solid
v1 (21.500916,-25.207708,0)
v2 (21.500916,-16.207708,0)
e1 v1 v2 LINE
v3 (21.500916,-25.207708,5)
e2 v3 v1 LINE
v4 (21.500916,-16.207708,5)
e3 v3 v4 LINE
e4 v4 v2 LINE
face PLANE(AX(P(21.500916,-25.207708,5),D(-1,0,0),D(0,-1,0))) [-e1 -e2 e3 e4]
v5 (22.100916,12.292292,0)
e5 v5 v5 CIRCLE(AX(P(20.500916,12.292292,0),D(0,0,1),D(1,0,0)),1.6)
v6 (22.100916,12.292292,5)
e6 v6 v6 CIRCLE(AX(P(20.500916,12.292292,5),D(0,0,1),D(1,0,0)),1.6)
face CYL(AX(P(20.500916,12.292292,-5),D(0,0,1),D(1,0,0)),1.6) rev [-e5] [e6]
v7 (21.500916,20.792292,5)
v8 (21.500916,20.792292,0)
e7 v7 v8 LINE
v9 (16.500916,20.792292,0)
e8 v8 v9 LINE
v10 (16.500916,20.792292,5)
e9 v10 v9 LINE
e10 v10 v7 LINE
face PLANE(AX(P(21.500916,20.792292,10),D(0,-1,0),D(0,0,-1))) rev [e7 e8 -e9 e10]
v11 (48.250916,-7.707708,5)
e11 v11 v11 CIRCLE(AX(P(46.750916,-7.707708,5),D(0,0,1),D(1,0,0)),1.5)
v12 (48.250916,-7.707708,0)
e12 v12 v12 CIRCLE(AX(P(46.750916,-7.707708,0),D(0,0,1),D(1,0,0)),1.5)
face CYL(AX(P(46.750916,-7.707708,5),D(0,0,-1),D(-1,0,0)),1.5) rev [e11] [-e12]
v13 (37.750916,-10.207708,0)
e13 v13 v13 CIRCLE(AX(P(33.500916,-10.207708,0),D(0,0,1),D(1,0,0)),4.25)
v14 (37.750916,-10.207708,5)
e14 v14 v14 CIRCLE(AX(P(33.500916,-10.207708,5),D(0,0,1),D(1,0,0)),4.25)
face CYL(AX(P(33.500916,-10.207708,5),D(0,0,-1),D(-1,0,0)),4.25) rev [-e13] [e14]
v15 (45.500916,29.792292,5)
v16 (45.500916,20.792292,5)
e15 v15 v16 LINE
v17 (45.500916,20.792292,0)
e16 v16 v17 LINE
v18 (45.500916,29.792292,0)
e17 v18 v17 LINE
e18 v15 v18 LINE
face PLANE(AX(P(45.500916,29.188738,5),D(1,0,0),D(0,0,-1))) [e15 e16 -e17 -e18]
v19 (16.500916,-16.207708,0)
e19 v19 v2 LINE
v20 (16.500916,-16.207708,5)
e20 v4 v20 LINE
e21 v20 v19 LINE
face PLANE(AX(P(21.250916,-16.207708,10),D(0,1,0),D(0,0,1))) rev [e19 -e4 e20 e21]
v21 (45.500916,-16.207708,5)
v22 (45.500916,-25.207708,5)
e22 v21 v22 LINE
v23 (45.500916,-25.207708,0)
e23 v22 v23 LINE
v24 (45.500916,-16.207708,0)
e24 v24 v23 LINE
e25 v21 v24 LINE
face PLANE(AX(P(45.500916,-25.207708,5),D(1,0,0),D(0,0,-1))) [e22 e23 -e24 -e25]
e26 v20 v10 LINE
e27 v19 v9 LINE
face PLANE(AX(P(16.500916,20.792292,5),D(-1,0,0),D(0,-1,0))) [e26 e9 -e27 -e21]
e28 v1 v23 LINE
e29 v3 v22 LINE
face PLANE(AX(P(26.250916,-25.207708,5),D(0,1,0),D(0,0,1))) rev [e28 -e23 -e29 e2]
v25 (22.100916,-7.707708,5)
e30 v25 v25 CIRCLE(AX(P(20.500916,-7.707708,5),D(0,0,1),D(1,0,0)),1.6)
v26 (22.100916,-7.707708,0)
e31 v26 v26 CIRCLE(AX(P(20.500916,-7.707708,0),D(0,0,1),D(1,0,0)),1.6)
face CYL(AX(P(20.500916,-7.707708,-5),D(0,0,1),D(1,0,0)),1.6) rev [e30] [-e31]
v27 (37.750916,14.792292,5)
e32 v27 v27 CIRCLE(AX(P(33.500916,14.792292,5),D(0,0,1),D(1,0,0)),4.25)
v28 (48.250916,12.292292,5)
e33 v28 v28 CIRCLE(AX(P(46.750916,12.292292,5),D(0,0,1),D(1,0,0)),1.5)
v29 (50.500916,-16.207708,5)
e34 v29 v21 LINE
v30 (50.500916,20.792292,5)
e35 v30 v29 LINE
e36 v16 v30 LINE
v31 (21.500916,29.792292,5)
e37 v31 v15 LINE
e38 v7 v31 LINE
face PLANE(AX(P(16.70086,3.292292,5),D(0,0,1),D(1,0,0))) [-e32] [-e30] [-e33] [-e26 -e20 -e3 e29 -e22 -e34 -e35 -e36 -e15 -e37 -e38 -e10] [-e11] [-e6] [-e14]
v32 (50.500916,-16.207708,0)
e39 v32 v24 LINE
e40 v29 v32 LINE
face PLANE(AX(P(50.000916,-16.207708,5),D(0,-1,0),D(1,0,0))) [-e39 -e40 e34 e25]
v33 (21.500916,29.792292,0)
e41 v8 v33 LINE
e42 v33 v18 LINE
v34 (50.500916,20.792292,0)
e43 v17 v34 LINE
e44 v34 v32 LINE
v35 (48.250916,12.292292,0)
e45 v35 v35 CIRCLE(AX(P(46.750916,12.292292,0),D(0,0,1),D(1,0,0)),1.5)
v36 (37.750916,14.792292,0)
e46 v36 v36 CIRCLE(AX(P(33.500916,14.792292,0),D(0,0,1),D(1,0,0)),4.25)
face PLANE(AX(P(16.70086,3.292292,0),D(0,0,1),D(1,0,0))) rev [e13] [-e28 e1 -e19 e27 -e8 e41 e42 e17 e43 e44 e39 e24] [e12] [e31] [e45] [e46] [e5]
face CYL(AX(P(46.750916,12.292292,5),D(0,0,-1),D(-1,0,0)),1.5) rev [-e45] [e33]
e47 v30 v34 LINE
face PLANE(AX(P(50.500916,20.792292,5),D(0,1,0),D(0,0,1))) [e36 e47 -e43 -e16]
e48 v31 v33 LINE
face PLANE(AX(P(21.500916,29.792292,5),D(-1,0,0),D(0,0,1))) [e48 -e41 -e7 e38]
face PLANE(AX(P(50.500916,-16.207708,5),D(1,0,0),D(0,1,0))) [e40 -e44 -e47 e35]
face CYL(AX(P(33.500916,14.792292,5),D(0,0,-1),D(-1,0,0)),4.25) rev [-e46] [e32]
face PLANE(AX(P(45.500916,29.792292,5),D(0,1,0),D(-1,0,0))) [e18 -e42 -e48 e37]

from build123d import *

# Parameters (mm, degrees)
SKETCH1_R           = 1.5
SKETCH1_R_2         = 4.25
SKETCH1_R_3         = 5
SKETCH1_R_4         = 1
BOSS_EXTRUDE2_DEPTH = 5
SKETCH2_W           = 0.5
SKETCH2_H           = 37
BOSS_EXTRUDE3_DEPTH = 5
CUT_EXTRUDE1_DEPTH  = 10
BOSS_EXTRUDE4_DEPTH = 5
SKETCH5_R           = 1.6
CUT_EXTRUDE2_DEPTH  = 10
BOSS_EXTRUDE5_DEPTH = 5
SKETCH7_R           = 1
BOSS_EXTRUDE6_DEPTH = 5
SKETCH8_W           = 5
SKETCH8_H           = 37
CUT_EXTRUDE3_DEPTH  = 33


with BuildPart() as part:
    # Sketch1 → Boss-Extrude2 (new body)
    with BuildSketch(Plane.XY):
        with BuildLine():
            Line((45.25091594, -25.207708346), (50.00091594, -20.457708346))
            Line((50.00091594, -20.457708346), (50.00091594, 24.688738263))
            Line((50.00091594, 24.688738263), (45.147362549, 29.542291654))
            Line((45.147362549, 29.542291654), (26.35446933, 29.542291654))
            Line((26.35446933, 29.542291654), (21.25091594, 24.438738263))
            Line((21.25091594, 24.438738263), (21.25091594, 18.042291654))
            Line((21.25091594, 18.042291654), (20.408095363, 18.042291654))
            Line((20.408095363, 18.042291654), (16.70086026, 18.042291654))
            ThreePointArc((16.70086026, 18.042291654), (12.892426636, 17.542145454), (9.3422674, 16.075624987))
            ThreePointArc((9.3422674, 16.075624987), (2.182128173, 13.100539865), (-5.49908406, 12.043324729))
            Line((-5.49908406, 12.043324729), (-5.49908406, 12.039085999))
            ThreePointArc((-5.49908406, 12.039085999), (-15.49908406, 2.292291654), (-5.49908406, -7.454502691))
            Line((-5.49908406, -7.454502691), (-5.49908406, -7.458741422))
            ThreePointArc((-5.49908406, -7.458741422), (2.182128173, -8.515956557), (9.3422674, -11.491041679))
            ThreePointArc((9.3422674, -11.491041679), (12.892426636, -12.957562146), (16.70086026, -13.457708346))
            Line((16.70086026, -13.457708346), (20.408095363, -13.457708346))
            Line((20.408095363, -13.457708346), (21.25091594, -13.457708346))
            Line((21.25091594, -13.457708346), (21.25091594, -20.207708346))
            Line((21.25091594, -20.207708346), (26.25091594, -25.207708346))
            Line((26.25091594, -25.207708346), (45.25091594, -25.207708346))
        make_face()
        with Locations((46.75091594, -7.707708346)):
            Circle(SKETCH1_R, mode=Mode.SUBTRACT)
        with Locations((46.75091594, 12.292291654)):
            Circle(SKETCH1_R, mode=Mode.SUBTRACT)
        with Locations((33.50091594, 14.792291654)):
            Circle(SKETCH1_R_2, mode=Mode.SUBTRACT)
        with Locations((33.50091594, -10.207708346)):
            Circle(SKETCH1_R_2, mode=Mode.SUBTRACT)
        with Locations((19.25091594, 12.292291654)):
            Circle(SKETCH1_R, mode=Mode.SUBTRACT)
        with Locations((19.25091594, -7.707708346)):
            Circle(SKETCH1_R, mode=Mode.SUBTRACT)
        with Locations((-5.74908406, 2.292291654)):
            Circle(SKETCH1_R_3, mode=Mode.SUBTRACT)
        with Locations((1.25091594, 2.354746229)):
            Circle(SKETCH1_R_4, mode=Mode.SUBTRACT)
        with Locations((-5.686629485, -4.707708346)):
            Circle(SKETCH1_R_4, mode=Mode.SUBTRACT)
        with Locations((-12.74908406, 2.229837079)):
            Circle(SKETCH1_R_4, mode=Mode.SUBTRACT)
        with Locations((-5.811538636, 9.292291654)):
            Circle(SKETCH1_R_4, mode=Mode.SUBTRACT)
    extrude(amount=BOSS_EXTRUDE2_DEPTH)

    # Sketch2 → Boss-Extrude3 (add)
    with BuildSketch(Plane(origin=(0, 0, 0), x_dir=(-1, 0, 0), z_dir=(0, 0, -1))):
        Polygon((-26.25091594, -25.207708346), (-21.50091594, -25.207708346), (-21.50091594, -20.457708346), align=None)
        Polygon((-45.25091594, -25.207708346), (-45.50091594, -25.207708346), (-45.50091594, -24.957708346), align=None)
        Polygon((-45.50091594, 29.188738263), (-45.50091594, 29.792291654), (-21.50091594, 29.792291654), (-21.50091594, 24.688738263), (-26.35446933, 29.542291654), (-45.147362549, 29.542291654), align=None)
        with Locations((-50.25091594, 2.292291654)):
            Rectangle(SKETCH2_W, SKETCH2_H)
    extrude(amount=-BOSS_EXTRUDE3_DEPTH)

    # Sketch3 → Cut-Extrude1 (cut)
    with BuildSketch(Plane(origin=(0, 0, 0), x_dir=(-1, 0, 0), z_dir=(0, 0, -1))):
        Polygon((-50.00091594, -16.207708346), (-45.50091594, -16.207708346), (-45.50091594, -25.207708346), (-50.00091594, -20.457708346), align=None)
        Polygon((-50.50091594, 20.792291654), (-45.50091594, 20.792291654), (-45.50091594, 29.188738263), (-50.00091594, 24.688738263), align=None)
        Polygon((-21.50091594, -16.207708346), (-21.50091594, -20.457708346), (-21.25091594, -20.207708346), (-21.25091594, -16.207708346), align=None)
        Polygon((-21.50091594, 20.792291654), (-21.25091594, 20.792291654), (-21.25091594, 24.438738263), (-21.50091594, 24.688738263), align=None)
    extrude(amount=-CUT_EXTRUDE1_DEPTH, mode=Mode.SUBTRACT)

    # Sketch4 → Boss-Extrude4 (add)
    with BuildSketch(Plane(origin=(0, 0, 0), x_dir=(-1, 0, 0), z_dir=(0, 0, -1))):
        with BuildLine():
            Line((-21.25091594, 20.792291654), (-16.50091594, 20.792291654))
            Line((-16.50091594, 20.792291654), (-16.50091594, 18.040936414))
            ThreePointArc((-16.50091594, 18.040936414), (-16.600885803, 18.04195284), (-16.70086026, 18.042291654))
            Line((-16.70086026, 18.042291654), (-21.25091594, 18.042291654))
            Line((-21.25091594, 18.042291654), (-21.25091594, 20.792291654))
        make_face()
        with BuildLine():
            Line((-16.50091594, -13.456353106), (-16.50091594, -16.207708346))
            Line((-16.50091594, -16.207708346), (-21.25091594, -16.207708346))
            Line((-21.25091594, -16.207708346), (-21.25091594, -13.457708346))
            Line((-21.25091594, -13.457708346), (-16.70086026, -13.457708346))
            ThreePointArc((-16.70086026, -13.457708346), (-16.600885803, -13.457369532), (-16.50091594, -13.456353106))
        make_face()
    extrude(amount=-BOSS_EXTRUDE4_DEPTH)

    # Sketch5 → Cut-Extrude2 (cut)
    with BuildSketch(Plane.XY.offset(5)):
        with Locations((20.50091594, -7.707708346)):
            Circle(SKETCH5_R)
        with Locations((20.50091594, 12.292291654)):
            Circle(SKETCH5_R)
    extrude(amount=-CUT_EXTRUDE2_DEPTH, mode=Mode.SUBTRACT)

    # Sketch6 → Boss-Extrude5 (add)
    with BuildSketch(Plane.XY.offset(5)):
        with BuildLine():
            ThreePointArc((19.75191594, -6.293848735), (18.90091594, -7.707708346), (19.75191594, -9.121567957))
            ThreePointArc((19.75191594, -9.121567957), (17.75091594, -7.707708346), (19.75191594, -6.293848735))
        make_face()
        with BuildLine():
            ThreePointArc((19.75191594, 13.706151265), (18.90091594, 12.292291654), (19.75191594, 10.878432043))
            ThreePointArc((19.75191594, 10.878432043), (17.75091594, 12.292291654), (19.75191594, 13.706151265))
        make_face()
    extrude(amount=-BOSS_EXTRUDE5_DEPTH)

    # Sketch7 → Boss-Extrude6 (add)
    with BuildSketch(Plane(origin=(0, 0, 0), x_dir=(-1, 0, 0), z_dir=(0, 0, -1))):
        with Locations((-1.25091594, 2.354746229)):
            Circle(SKETCH7_R)
        with Locations((12.74908406, 2.229837079)):
            Circle(SKETCH7_R)
    extrude(amount=-BOSS_EXTRUDE6_DEPTH)

    # Sketch8 → Cut-Extrude3 (cut, through all)
    with BuildSketch(Plane.ZY.offset(-16.50091594)):
        with Locations((2.5, 2.292291654)):
            Rectangle(SKETCH8_W, SKETCH8_H)
    extrude(amount=CUT_EXTRUDE3_DEPTH, mode=Mode.SUBTRACT)


solid = part.part
